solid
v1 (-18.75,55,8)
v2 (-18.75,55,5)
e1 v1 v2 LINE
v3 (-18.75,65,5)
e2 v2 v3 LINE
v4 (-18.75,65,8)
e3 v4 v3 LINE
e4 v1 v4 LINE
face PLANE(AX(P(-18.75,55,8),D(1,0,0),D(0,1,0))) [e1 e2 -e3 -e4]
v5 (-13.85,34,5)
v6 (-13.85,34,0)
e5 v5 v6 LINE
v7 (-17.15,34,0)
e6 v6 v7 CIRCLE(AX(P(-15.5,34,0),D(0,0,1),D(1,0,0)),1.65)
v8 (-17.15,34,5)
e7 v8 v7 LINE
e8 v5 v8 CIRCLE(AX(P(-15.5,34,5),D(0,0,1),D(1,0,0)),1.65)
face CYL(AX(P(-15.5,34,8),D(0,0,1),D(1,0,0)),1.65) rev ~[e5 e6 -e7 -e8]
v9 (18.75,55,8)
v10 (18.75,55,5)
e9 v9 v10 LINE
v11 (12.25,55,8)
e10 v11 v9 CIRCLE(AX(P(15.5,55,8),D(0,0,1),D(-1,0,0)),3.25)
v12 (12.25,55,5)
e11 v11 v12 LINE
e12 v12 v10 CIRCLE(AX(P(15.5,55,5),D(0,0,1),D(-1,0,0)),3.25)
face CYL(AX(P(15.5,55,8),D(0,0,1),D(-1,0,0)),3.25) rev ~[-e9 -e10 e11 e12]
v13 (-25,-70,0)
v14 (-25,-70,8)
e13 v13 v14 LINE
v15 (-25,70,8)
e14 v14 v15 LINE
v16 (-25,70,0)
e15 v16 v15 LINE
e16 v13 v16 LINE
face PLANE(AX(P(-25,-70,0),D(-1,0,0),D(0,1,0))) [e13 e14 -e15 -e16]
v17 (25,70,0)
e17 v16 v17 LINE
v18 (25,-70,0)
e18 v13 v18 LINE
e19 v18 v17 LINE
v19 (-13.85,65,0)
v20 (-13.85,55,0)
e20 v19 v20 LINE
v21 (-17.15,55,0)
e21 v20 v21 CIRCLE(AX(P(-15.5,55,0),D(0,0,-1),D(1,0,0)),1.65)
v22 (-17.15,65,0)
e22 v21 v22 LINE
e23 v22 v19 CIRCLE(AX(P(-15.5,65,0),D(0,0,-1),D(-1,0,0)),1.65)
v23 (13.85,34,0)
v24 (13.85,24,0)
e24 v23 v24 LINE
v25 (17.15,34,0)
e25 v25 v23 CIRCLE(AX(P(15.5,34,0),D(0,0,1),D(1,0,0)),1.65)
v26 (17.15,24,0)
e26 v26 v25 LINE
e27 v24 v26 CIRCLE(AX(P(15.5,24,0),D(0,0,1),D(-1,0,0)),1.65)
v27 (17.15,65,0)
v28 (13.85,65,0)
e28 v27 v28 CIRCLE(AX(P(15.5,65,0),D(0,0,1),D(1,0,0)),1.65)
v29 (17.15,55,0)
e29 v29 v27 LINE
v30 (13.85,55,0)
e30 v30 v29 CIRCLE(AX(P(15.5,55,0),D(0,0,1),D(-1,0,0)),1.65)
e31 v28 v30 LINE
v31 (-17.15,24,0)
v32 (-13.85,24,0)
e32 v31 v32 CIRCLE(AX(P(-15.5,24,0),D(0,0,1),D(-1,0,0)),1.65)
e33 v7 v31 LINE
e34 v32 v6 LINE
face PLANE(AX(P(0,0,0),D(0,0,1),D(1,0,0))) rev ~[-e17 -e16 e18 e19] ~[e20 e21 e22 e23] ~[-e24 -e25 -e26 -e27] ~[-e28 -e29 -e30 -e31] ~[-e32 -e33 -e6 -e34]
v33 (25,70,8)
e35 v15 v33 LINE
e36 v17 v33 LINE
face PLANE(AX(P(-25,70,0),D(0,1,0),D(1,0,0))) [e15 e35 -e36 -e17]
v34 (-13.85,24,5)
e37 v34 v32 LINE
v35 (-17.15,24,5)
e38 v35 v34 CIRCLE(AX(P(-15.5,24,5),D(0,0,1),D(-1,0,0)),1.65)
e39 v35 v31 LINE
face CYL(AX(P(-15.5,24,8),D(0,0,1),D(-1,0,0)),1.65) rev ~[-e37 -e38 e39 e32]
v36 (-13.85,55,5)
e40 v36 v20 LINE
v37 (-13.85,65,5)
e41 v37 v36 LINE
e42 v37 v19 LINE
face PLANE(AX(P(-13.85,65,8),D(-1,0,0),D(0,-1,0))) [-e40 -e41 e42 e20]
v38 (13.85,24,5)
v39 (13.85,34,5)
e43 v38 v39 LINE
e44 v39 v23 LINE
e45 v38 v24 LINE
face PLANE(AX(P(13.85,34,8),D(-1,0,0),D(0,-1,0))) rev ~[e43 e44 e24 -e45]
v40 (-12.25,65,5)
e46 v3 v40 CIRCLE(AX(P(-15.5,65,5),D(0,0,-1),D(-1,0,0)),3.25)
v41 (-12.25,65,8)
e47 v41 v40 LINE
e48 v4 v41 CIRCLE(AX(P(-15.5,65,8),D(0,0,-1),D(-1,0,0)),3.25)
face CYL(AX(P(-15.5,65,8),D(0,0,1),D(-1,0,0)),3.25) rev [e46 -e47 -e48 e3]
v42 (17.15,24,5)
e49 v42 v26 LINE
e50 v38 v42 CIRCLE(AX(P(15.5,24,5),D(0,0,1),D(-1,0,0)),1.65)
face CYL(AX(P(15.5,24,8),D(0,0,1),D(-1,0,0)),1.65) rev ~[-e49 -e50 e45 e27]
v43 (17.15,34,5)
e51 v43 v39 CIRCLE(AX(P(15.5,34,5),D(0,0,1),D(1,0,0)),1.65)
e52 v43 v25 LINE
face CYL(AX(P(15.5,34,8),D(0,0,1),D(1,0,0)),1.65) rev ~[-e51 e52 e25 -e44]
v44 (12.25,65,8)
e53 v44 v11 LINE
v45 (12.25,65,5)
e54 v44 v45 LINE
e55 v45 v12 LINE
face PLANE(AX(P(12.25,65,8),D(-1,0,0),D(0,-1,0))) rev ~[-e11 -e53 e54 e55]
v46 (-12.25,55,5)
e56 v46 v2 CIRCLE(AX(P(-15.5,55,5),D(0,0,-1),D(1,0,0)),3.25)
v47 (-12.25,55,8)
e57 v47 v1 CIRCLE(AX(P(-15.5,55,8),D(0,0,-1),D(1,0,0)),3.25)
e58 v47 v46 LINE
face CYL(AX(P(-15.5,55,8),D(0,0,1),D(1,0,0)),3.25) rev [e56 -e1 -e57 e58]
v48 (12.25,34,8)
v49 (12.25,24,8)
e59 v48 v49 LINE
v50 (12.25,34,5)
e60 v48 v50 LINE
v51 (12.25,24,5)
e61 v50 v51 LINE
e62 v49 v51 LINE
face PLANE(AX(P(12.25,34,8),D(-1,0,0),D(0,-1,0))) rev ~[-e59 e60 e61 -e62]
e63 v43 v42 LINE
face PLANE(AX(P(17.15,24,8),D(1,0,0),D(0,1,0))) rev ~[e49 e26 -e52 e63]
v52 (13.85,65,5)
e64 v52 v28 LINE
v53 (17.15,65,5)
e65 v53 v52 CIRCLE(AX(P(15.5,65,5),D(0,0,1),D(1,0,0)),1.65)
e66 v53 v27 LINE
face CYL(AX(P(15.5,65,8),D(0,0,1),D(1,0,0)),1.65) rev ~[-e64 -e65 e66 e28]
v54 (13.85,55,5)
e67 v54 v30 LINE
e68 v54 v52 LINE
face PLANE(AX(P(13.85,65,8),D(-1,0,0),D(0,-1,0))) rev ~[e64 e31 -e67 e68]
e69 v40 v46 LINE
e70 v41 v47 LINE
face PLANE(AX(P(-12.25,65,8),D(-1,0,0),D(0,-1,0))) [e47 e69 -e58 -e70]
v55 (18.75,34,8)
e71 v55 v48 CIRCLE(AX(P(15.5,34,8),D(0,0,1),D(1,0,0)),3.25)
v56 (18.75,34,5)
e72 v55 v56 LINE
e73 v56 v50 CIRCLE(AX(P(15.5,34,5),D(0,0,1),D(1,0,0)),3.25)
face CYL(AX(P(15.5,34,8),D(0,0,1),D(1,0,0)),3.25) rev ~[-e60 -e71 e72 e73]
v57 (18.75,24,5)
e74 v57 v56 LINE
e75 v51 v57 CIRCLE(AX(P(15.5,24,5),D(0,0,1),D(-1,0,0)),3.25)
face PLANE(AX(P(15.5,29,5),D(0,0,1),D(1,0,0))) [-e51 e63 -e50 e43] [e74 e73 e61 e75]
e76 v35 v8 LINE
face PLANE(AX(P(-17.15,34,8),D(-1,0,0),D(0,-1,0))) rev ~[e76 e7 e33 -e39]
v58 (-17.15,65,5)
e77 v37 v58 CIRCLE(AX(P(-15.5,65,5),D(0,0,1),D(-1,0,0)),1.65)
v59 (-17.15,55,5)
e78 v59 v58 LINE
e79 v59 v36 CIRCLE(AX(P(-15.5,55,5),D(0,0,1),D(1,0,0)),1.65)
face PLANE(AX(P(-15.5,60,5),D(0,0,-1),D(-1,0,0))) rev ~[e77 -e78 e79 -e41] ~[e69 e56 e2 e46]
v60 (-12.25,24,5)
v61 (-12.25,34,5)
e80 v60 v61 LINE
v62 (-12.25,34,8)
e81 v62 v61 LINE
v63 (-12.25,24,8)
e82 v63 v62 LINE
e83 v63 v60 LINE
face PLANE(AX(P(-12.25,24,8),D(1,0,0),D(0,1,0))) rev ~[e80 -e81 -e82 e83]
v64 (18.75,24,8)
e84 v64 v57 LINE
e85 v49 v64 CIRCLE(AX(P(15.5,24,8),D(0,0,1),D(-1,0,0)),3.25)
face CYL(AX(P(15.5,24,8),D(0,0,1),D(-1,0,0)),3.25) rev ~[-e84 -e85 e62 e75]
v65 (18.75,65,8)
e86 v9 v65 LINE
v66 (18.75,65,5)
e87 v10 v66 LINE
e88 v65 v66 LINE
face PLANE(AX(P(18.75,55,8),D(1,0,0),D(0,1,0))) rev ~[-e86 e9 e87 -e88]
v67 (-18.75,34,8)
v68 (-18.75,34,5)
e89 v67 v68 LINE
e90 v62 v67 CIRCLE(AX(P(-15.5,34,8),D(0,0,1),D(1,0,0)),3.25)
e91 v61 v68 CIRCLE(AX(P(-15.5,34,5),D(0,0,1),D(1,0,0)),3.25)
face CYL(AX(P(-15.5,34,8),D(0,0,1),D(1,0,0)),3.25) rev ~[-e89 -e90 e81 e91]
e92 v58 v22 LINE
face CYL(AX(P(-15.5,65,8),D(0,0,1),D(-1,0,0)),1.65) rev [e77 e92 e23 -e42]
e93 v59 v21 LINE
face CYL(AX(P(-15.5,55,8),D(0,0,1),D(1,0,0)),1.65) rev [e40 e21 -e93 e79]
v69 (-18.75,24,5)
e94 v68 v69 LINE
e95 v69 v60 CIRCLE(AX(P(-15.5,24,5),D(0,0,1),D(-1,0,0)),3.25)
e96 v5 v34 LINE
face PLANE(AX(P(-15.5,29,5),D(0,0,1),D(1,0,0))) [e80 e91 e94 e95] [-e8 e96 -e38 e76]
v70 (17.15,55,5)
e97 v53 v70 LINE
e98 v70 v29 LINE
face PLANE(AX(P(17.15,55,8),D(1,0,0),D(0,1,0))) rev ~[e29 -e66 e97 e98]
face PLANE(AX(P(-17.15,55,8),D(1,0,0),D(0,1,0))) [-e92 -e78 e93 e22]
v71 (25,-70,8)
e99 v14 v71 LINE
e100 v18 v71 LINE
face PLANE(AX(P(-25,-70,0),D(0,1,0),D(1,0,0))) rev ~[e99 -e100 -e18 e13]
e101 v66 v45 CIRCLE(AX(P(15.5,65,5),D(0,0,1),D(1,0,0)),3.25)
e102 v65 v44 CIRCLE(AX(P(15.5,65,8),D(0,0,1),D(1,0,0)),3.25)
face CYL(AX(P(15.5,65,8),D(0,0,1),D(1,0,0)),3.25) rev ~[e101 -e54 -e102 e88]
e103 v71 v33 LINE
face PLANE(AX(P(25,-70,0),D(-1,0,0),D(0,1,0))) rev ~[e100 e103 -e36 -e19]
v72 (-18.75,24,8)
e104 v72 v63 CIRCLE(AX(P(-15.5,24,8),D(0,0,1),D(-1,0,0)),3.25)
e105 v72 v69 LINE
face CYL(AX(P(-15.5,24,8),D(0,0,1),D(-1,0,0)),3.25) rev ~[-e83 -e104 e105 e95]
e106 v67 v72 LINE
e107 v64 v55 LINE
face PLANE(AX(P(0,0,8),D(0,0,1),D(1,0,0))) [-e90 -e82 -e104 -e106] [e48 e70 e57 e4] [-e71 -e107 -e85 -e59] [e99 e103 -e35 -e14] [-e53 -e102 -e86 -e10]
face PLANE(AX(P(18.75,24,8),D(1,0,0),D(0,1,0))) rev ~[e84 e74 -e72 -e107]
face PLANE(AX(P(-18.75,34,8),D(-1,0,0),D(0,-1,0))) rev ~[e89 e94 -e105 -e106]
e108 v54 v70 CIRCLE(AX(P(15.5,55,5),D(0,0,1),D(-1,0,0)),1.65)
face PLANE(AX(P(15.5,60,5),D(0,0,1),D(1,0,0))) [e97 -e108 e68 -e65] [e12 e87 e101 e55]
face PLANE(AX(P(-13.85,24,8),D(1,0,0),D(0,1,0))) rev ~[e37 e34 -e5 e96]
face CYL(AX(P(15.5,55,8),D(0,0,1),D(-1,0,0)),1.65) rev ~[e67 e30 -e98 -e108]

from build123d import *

# Parameters (mm, degrees)
SKETCH_1_W          = 50
SKETCH_1_H          = 140
EXTRUDE_1_DEPTH     = 8
CUT_EXTRUDE_2_DEPTH = 8
CUT_EXTRUDE_3_DEPTH = 3


with BuildPart() as part:
    # 草圖1 → 填料-伸長1 (new body)
    with BuildSketch(Plane.XY):
        Rectangle(SKETCH_1_W, SKETCH_1_H)
    extrude(amount=EXTRUDE_1_DEPTH)

    # 草圖8 → 除料-伸長2 (cut)
    with BuildSketch(Plane.XY.offset(8)):
        with BuildLine():
            Line((-13.85, 65), (-13.85, 55))
            ThreePointArc((-13.85, 55), (-15.5, 53.35), (-17.15, 55))
            Line((-17.15, 55), (-17.15, 65))
            ThreePointArc((-17.15, 65), (-15.5, 66.65), (-13.85, 65))
        make_face()
        with BuildLine():
            Line((13.85, 65), (13.85, 55))
            ThreePointArc((13.85, 55), (15.5, 53.35), (17.15, 55))
            Line((17.15, 55), (17.15, 65))
            ThreePointArc((17.15, 65), (15.5, 66.65), (13.85, 65))
        make_face()
        with BuildLine():
            Line((13.85, 34), (13.85, 24))
            ThreePointArc((13.85, 24), (15.5, 22.35), (17.15, 24))
            Line((17.15, 24), (17.15, 34))
            ThreePointArc((17.15, 34), (15.5, 35.65), (13.85, 34))
        make_face()
        with BuildLine():
            Line((-17.15, 34), (-17.15, 24))
            ThreePointArc((-17.15, 24), (-15.5, 22.35), (-13.85, 24))
            Line((-13.85, 24), (-13.85, 34))
            ThreePointArc((-13.85, 34), (-15.5, 35.65), (-17.15, 34))
        make_face()
    extrude(amount=-CUT_EXTRUDE_2_DEPTH, mode=Mode.SUBTRACT)

    # 草圖9 → 除料-伸長3 (cut)
    with BuildSketch(Plane.XY.offset(8)):
        with BuildLine():
            Line((-12.25, 65), (-12.25, 55))
            ThreePointArc((-12.25, 55), (-15.5, 51.75), (-18.75, 55))
            Line((-18.75, 55), (-18.75, 65))
            ThreePointArc((-18.75, 65), (-15.5, 68.25), (-12.25, 65))
        make_face()
        with BuildLine():
            Line((12.25, 65), (12.25, 55))
            ThreePointArc((12.25, 55), (15.5, 51.75), (18.75, 55))
            Line((18.75, 55), (18.75, 65))
            ThreePointArc((18.75, 65), (15.5, 68.25), (12.25, 65))
        make_face()
        with BuildLine():
            Line((12.25, 34), (12.25, 24))
            ThreePointArc((12.25, 24), (15.5, 20.75), (18.75, 24))
            Line((18.75, 24), (18.75, 34))
            ThreePointArc((18.75, 34), (15.5, 37.25), (12.25, 34))
        make_face()
        with BuildLine():
            Line((-18.75, 34), (-18.75, 24))
            ThreePointArc((-18.75, 24), (-15.5, 20.75), (-12.25, 24))
            Line((-12.25, 24), (-12.25, 34))
            ThreePointArc((-12.25, 34), (-15.5, 37.25), (-18.75, 34))
        make_face()
    extrude(amount=-CUT_EXTRUDE_3_DEPTH, mode=Mode.SUBTRACT)


solid = part.part
